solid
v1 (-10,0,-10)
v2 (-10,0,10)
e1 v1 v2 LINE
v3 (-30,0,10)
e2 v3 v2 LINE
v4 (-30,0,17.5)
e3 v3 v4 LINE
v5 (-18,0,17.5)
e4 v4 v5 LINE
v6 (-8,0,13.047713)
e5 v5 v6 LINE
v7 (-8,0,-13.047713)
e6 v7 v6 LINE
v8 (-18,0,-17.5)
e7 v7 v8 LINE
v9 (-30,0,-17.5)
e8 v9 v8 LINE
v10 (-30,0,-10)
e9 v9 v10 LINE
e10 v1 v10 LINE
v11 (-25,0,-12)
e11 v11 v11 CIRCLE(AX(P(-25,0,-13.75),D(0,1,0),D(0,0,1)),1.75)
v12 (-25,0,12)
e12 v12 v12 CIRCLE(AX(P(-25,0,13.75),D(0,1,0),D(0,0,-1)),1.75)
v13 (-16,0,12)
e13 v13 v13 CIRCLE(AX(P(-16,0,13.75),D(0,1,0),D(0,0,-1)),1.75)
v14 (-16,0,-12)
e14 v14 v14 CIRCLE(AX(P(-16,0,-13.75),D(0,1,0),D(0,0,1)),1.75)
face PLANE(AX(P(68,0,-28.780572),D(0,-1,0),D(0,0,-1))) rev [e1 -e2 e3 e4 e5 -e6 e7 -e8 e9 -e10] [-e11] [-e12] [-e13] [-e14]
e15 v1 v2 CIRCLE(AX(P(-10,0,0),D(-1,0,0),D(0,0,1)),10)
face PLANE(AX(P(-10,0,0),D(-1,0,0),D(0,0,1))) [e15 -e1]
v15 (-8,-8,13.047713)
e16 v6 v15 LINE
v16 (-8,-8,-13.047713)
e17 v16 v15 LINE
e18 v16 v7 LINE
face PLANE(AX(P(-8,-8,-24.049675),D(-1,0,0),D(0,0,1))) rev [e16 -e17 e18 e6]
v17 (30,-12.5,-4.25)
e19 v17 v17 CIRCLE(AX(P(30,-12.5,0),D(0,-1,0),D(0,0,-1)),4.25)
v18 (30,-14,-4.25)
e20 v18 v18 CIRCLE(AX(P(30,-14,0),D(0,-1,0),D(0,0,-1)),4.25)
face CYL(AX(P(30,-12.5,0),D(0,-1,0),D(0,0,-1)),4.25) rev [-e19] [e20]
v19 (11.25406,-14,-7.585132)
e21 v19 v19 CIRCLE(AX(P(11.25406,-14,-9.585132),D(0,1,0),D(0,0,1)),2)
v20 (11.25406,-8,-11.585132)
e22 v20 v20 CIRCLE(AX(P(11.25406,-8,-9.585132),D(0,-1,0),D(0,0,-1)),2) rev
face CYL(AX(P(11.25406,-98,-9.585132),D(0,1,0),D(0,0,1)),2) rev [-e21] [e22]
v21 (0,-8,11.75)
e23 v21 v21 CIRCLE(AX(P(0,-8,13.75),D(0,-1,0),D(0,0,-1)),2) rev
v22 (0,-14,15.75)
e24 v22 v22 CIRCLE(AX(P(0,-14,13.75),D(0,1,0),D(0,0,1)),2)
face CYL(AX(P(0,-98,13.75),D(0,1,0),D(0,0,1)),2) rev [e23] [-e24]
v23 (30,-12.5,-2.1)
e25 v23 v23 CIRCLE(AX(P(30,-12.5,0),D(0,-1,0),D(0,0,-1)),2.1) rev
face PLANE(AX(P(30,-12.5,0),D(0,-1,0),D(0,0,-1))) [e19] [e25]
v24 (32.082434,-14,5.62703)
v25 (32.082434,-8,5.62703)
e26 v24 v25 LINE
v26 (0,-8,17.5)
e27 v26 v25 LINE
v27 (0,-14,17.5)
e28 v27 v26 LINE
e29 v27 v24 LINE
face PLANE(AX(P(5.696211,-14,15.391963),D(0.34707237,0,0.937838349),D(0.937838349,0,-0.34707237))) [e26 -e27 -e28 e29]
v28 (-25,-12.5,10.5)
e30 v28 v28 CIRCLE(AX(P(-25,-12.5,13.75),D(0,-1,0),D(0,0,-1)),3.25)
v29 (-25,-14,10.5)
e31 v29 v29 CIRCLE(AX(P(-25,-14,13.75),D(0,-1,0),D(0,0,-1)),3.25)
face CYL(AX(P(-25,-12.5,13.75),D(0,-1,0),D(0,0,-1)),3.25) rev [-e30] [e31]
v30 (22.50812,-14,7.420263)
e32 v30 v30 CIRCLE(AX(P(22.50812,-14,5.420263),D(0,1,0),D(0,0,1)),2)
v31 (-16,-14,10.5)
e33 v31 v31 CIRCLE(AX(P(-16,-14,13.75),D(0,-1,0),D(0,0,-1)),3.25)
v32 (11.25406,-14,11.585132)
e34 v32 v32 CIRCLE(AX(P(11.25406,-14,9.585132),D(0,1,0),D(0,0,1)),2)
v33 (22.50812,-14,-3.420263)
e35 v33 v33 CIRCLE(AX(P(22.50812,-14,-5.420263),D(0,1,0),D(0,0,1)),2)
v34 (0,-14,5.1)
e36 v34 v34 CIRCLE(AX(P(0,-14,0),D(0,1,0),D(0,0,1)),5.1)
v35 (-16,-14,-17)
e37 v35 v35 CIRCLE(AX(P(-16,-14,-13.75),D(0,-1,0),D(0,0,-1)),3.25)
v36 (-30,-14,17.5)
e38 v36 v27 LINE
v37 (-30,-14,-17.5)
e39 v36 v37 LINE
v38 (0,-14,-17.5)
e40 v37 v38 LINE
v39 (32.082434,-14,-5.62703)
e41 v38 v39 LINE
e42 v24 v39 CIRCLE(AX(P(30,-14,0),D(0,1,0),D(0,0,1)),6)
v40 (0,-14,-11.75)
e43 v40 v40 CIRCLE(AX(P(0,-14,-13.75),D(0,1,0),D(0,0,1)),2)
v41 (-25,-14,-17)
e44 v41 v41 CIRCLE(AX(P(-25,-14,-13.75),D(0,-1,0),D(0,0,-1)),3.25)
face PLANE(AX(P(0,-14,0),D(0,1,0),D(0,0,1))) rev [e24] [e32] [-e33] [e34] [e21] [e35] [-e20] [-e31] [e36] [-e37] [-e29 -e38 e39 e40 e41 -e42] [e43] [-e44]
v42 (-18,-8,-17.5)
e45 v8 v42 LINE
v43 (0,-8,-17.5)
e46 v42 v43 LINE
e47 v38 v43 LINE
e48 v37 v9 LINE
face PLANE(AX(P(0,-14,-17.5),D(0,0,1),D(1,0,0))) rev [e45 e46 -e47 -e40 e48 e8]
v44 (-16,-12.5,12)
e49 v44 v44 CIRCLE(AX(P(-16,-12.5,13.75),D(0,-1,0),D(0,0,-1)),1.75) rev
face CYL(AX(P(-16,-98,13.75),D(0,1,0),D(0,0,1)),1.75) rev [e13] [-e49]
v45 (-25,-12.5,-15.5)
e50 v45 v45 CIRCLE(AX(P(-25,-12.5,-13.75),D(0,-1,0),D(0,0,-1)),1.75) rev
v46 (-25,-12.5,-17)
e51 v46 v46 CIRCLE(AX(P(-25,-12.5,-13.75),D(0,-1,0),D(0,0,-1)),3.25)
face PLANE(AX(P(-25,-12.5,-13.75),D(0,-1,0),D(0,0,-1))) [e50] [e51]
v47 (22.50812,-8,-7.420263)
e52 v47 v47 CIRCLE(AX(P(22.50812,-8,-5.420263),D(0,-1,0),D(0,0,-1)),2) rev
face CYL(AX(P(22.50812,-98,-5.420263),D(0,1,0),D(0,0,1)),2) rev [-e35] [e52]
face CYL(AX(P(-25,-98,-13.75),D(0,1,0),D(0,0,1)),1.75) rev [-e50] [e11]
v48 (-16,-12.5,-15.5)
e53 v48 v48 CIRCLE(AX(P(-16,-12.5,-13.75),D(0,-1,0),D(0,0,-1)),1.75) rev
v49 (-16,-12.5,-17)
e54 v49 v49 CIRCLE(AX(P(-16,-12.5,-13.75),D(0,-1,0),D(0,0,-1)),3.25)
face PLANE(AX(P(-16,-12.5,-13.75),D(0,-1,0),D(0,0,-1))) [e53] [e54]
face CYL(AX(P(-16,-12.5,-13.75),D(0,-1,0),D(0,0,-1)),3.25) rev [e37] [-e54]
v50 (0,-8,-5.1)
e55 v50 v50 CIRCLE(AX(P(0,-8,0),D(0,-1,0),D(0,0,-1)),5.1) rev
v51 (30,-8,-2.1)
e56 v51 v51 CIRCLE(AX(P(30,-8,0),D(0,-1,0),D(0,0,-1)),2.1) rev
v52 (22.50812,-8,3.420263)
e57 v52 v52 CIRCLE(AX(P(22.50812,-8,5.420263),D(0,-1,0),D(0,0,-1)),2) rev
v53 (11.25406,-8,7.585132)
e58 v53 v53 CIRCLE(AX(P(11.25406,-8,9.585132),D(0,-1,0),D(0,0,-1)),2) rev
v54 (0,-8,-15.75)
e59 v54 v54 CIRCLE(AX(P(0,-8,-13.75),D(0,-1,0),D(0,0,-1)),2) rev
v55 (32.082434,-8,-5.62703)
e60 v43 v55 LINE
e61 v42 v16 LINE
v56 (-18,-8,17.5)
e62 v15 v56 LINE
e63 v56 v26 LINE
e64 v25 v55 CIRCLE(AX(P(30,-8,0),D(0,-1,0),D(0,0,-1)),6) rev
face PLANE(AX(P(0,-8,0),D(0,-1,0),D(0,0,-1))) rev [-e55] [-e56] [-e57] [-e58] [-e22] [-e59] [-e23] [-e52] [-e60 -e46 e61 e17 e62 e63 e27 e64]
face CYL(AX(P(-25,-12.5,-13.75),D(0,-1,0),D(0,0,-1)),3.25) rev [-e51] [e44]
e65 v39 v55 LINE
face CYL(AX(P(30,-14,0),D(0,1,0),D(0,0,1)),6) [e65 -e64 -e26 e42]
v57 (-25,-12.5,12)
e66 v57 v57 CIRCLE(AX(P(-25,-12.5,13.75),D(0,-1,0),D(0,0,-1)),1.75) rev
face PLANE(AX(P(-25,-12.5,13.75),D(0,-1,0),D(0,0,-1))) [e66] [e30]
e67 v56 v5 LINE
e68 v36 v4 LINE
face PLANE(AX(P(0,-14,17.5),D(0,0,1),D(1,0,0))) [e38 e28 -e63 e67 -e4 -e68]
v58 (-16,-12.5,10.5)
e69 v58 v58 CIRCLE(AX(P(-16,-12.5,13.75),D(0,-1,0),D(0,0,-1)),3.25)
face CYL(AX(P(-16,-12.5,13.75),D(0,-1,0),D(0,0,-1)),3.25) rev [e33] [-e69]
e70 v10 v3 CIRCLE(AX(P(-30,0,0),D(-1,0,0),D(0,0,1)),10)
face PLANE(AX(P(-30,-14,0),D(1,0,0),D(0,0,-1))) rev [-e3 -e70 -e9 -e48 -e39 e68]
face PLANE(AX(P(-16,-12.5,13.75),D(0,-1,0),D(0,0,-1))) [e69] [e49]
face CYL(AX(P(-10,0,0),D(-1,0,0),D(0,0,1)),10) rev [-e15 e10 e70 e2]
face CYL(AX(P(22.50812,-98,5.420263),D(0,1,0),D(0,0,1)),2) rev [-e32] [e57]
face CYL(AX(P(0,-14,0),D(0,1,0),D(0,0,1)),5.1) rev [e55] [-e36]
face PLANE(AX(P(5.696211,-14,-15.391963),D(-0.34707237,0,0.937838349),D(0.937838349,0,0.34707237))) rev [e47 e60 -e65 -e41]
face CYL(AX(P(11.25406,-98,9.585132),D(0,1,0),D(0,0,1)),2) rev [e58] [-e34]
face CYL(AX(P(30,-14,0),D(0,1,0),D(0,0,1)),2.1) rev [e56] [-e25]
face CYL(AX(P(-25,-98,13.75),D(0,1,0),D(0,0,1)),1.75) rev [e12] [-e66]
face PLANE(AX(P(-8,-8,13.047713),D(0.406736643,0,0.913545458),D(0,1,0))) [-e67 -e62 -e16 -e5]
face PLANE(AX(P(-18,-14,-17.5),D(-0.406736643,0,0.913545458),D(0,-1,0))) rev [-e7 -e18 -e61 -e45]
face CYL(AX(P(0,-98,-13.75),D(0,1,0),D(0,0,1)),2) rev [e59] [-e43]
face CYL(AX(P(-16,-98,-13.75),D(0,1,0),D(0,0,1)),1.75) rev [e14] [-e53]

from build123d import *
from OCP.BRepFilletAPI import BRepFilletAPI_MakeChamfer

# Parameters (mm, degrees)
BOSS_EXTRUDE1_DEPTH      = 14
BOSS_EXTRUDE1_DEPTH_BACK = 14
SKETCH1_R                = 5.1
SKETCH1_R_2              = 2.1
SKETCH2_R                = 10
CUT_EXTRUDE1_DEPTH       = 20
CUT_EXTRUDE2_DEPTH       = 98
SKETCH4_R                = 2
SKETCH4_R_2              = 1.75
CUT_EXTRUDE3_DEPTH       = 98
CUT_EXTRUDE4_DEPTH       = 8
CHAMFER2_SIZE            = 10
CHAMFER2_SIZE2           = 4.452286853
SKETCH6_R                = 3.25
CUT_EXTRUDE5_DEPTH       = 1.5
SKETCH7_R                = 4.25
CUT_EXTRUDE6_DEPTH       = 1.5


with BuildPart() as part:
    # Sketch1 → Boss-Extrude1 (new, two sides: drawn at the far end of the back side and taken through both)
    with BuildSketch(Plane(origin=(0, 0, 0), x_dir=(1, 0, 0), z_dir=(0, 1, 0)).offset(-BOSS_EXTRUDE1_DEPTH_BACK)):
        with BuildLine():
            Line((-30, 17.5), (-30, -17.5))
            Line((-30, -17.5), (0, -17.5))
            Line((0, -17.5), (32.082434223, -5.627030097))
            ThreePointArc((32.082434223, -5.627030097), (36, 0), (32.082434223, 5.627030097))
            Line((32.082434223, 5.627030097), (0, 17.5))
            Line((0, 17.5), (-30, 17.5))
        make_face()
        Circle(SKETCH1_R, mode=Mode.SUBTRACT)
        with Locations((30, 0)):
            Circle(SKETCH1_R_2, mode=Mode.SUBTRACT)
    extrude(amount=BOSS_EXTRUDE1_DEPTH + BOSS_EXTRUDE1_DEPTH_BACK)

    # Sketch2 → Cut-Extrude1 (cut)
    with BuildSketch(Plane.ZY.offset(30)):
        Circle(SKETCH2_R)
    extrude(amount=-CUT_EXTRUDE1_DEPTH, mode=Mode.SUBTRACT)

    # Sketch3 → Cut-Extrude2 (cut)
    with BuildSketch(Plane.ZY.offset(30)):
        Polygon((-28.780571792, 0), (30.767977005, 0), (25.762660172, 25.983482973), (-26.204305774, 26.645951377), align=None)
    extrude(amount=-CUT_EXTRUDE2_DEPTH, mode=Mode.SUBTRACT)

    # Sketch4 → Cut-Extrude3 (cut)
    with BuildSketch(Plane(origin=(0, 0, 0), x_dir=(1, 0, 0), z_dir=(0, 1, 0))):
        with Locations((0, 13.75)):
            Circle(SKETCH4_R)
        with Locations((-25, 13.75)):
            Circle(SKETCH4_R_2)
        with Locations((-16, 13.75)):
            Circle(SKETCH4_R_2)
        with Locations((-16, -13.75)):
            Circle(SKETCH4_R_2)
        with Locations((-25, -13.75)):
            Circle(SKETCH4_R_2)
        with Locations((11.254060193, 9.585131554)):
            Circle(SKETCH4_R)
        with Locations((22.508120386, 5.420263108)):
            Circle(SKETCH4_R)
        with Locations((22.508120386, -5.420263108)):
            Circle(SKETCH4_R)
        with Locations((11.254060193, -9.585131554)):
            Circle(SKETCH4_R)
        with Locations((0, -13.75)):
            Circle(SKETCH4_R)
    extrude(amount=-CUT_EXTRUDE3_DEPTH, mode=Mode.SUBTRACT)

    # Sketch5 → Cut-Extrude4 (cut)
    with BuildSketch(Plane(origin=(0, 0, 0), x_dir=(1, 0, 0), z_dir=(0, 1, 0))):
        Polygon((-8, 24.0496753), (-8, -23.963165676), (49.955299995, -27.912565933), (56.964446833, 12.889933884), align=None)
    extrude(amount=-CUT_EXTRUDE4_DEPTH, mode=Mode.SUBTRACT)

    # Chamfer2: one chamfer whose edges measure the first distance from different faces: ONE call of the kernel's chamfer builder (chamfer() names one face for all edges)
    chamfer2_edges_1 = [part.edges().sort_by_distance(p)[0] for p in [
        (-8, -4, 17.5),
    ]]
    chamfer2_side_1 = [part.faces().sort_by_distance(p)[0] for p in [
        (-16.97752809, -7.539325843, 17.5),
    ]]
    chamfer2_edges_2 = [part.edges().sort_by_distance(p)[0] for p in [
        (-8, -4, -17.5),
    ]]
    chamfer2_side_2 = [part.faces().sort_by_distance(p)[0] for p in [
        (-16.97752809, -7.539325843, -17.5),
    ]]
    chamfer2 = BRepFilletAPI_MakeChamfer(part.part.solid().wrapped)
    for e in chamfer2_edges_1:
        chamfer2.Add(CHAMFER2_SIZE, CHAMFER2_SIZE2, e.wrapped, chamfer2_side_1[0].wrapped)  # the first distance lies on this face
    for e in chamfer2_edges_2:
        chamfer2.Add(CHAMFER2_SIZE, CHAMFER2_SIZE2, e.wrapped, chamfer2_side_2[0].wrapped)  # the first distance lies on this face
    add(Compound.cast(chamfer2.Shape()), mode=Mode.REPLACE)

    # Sketch6 → Cut-Extrude5 (cut)
    with BuildSketch(Plane.XZ.offset(14)):
        with Locations((-25, 13.75)):
            Circle(SKETCH6_R)
        with Locations((-16, 13.75)):
            Circle(SKETCH6_R)
        with Locations((-25, -13.75)):
            Circle(SKETCH6_R)
        with Locations((-16, -13.75)):
            Circle(SKETCH6_R)
    extrude(amount=-CUT_EXTRUDE5_DEPTH, mode=Mode.SUBTRACT)

    # Sketch7 → Cut-Extrude6 (cut)
    with BuildSketch(Plane.XZ.offset(14)):
        with Locations((30, 0)):
            Circle(SKETCH7_R)
    extrude(amount=-CUT_EXTRUDE6_DEPTH, mode=Mode.SUBTRACT)


solid = part.part
